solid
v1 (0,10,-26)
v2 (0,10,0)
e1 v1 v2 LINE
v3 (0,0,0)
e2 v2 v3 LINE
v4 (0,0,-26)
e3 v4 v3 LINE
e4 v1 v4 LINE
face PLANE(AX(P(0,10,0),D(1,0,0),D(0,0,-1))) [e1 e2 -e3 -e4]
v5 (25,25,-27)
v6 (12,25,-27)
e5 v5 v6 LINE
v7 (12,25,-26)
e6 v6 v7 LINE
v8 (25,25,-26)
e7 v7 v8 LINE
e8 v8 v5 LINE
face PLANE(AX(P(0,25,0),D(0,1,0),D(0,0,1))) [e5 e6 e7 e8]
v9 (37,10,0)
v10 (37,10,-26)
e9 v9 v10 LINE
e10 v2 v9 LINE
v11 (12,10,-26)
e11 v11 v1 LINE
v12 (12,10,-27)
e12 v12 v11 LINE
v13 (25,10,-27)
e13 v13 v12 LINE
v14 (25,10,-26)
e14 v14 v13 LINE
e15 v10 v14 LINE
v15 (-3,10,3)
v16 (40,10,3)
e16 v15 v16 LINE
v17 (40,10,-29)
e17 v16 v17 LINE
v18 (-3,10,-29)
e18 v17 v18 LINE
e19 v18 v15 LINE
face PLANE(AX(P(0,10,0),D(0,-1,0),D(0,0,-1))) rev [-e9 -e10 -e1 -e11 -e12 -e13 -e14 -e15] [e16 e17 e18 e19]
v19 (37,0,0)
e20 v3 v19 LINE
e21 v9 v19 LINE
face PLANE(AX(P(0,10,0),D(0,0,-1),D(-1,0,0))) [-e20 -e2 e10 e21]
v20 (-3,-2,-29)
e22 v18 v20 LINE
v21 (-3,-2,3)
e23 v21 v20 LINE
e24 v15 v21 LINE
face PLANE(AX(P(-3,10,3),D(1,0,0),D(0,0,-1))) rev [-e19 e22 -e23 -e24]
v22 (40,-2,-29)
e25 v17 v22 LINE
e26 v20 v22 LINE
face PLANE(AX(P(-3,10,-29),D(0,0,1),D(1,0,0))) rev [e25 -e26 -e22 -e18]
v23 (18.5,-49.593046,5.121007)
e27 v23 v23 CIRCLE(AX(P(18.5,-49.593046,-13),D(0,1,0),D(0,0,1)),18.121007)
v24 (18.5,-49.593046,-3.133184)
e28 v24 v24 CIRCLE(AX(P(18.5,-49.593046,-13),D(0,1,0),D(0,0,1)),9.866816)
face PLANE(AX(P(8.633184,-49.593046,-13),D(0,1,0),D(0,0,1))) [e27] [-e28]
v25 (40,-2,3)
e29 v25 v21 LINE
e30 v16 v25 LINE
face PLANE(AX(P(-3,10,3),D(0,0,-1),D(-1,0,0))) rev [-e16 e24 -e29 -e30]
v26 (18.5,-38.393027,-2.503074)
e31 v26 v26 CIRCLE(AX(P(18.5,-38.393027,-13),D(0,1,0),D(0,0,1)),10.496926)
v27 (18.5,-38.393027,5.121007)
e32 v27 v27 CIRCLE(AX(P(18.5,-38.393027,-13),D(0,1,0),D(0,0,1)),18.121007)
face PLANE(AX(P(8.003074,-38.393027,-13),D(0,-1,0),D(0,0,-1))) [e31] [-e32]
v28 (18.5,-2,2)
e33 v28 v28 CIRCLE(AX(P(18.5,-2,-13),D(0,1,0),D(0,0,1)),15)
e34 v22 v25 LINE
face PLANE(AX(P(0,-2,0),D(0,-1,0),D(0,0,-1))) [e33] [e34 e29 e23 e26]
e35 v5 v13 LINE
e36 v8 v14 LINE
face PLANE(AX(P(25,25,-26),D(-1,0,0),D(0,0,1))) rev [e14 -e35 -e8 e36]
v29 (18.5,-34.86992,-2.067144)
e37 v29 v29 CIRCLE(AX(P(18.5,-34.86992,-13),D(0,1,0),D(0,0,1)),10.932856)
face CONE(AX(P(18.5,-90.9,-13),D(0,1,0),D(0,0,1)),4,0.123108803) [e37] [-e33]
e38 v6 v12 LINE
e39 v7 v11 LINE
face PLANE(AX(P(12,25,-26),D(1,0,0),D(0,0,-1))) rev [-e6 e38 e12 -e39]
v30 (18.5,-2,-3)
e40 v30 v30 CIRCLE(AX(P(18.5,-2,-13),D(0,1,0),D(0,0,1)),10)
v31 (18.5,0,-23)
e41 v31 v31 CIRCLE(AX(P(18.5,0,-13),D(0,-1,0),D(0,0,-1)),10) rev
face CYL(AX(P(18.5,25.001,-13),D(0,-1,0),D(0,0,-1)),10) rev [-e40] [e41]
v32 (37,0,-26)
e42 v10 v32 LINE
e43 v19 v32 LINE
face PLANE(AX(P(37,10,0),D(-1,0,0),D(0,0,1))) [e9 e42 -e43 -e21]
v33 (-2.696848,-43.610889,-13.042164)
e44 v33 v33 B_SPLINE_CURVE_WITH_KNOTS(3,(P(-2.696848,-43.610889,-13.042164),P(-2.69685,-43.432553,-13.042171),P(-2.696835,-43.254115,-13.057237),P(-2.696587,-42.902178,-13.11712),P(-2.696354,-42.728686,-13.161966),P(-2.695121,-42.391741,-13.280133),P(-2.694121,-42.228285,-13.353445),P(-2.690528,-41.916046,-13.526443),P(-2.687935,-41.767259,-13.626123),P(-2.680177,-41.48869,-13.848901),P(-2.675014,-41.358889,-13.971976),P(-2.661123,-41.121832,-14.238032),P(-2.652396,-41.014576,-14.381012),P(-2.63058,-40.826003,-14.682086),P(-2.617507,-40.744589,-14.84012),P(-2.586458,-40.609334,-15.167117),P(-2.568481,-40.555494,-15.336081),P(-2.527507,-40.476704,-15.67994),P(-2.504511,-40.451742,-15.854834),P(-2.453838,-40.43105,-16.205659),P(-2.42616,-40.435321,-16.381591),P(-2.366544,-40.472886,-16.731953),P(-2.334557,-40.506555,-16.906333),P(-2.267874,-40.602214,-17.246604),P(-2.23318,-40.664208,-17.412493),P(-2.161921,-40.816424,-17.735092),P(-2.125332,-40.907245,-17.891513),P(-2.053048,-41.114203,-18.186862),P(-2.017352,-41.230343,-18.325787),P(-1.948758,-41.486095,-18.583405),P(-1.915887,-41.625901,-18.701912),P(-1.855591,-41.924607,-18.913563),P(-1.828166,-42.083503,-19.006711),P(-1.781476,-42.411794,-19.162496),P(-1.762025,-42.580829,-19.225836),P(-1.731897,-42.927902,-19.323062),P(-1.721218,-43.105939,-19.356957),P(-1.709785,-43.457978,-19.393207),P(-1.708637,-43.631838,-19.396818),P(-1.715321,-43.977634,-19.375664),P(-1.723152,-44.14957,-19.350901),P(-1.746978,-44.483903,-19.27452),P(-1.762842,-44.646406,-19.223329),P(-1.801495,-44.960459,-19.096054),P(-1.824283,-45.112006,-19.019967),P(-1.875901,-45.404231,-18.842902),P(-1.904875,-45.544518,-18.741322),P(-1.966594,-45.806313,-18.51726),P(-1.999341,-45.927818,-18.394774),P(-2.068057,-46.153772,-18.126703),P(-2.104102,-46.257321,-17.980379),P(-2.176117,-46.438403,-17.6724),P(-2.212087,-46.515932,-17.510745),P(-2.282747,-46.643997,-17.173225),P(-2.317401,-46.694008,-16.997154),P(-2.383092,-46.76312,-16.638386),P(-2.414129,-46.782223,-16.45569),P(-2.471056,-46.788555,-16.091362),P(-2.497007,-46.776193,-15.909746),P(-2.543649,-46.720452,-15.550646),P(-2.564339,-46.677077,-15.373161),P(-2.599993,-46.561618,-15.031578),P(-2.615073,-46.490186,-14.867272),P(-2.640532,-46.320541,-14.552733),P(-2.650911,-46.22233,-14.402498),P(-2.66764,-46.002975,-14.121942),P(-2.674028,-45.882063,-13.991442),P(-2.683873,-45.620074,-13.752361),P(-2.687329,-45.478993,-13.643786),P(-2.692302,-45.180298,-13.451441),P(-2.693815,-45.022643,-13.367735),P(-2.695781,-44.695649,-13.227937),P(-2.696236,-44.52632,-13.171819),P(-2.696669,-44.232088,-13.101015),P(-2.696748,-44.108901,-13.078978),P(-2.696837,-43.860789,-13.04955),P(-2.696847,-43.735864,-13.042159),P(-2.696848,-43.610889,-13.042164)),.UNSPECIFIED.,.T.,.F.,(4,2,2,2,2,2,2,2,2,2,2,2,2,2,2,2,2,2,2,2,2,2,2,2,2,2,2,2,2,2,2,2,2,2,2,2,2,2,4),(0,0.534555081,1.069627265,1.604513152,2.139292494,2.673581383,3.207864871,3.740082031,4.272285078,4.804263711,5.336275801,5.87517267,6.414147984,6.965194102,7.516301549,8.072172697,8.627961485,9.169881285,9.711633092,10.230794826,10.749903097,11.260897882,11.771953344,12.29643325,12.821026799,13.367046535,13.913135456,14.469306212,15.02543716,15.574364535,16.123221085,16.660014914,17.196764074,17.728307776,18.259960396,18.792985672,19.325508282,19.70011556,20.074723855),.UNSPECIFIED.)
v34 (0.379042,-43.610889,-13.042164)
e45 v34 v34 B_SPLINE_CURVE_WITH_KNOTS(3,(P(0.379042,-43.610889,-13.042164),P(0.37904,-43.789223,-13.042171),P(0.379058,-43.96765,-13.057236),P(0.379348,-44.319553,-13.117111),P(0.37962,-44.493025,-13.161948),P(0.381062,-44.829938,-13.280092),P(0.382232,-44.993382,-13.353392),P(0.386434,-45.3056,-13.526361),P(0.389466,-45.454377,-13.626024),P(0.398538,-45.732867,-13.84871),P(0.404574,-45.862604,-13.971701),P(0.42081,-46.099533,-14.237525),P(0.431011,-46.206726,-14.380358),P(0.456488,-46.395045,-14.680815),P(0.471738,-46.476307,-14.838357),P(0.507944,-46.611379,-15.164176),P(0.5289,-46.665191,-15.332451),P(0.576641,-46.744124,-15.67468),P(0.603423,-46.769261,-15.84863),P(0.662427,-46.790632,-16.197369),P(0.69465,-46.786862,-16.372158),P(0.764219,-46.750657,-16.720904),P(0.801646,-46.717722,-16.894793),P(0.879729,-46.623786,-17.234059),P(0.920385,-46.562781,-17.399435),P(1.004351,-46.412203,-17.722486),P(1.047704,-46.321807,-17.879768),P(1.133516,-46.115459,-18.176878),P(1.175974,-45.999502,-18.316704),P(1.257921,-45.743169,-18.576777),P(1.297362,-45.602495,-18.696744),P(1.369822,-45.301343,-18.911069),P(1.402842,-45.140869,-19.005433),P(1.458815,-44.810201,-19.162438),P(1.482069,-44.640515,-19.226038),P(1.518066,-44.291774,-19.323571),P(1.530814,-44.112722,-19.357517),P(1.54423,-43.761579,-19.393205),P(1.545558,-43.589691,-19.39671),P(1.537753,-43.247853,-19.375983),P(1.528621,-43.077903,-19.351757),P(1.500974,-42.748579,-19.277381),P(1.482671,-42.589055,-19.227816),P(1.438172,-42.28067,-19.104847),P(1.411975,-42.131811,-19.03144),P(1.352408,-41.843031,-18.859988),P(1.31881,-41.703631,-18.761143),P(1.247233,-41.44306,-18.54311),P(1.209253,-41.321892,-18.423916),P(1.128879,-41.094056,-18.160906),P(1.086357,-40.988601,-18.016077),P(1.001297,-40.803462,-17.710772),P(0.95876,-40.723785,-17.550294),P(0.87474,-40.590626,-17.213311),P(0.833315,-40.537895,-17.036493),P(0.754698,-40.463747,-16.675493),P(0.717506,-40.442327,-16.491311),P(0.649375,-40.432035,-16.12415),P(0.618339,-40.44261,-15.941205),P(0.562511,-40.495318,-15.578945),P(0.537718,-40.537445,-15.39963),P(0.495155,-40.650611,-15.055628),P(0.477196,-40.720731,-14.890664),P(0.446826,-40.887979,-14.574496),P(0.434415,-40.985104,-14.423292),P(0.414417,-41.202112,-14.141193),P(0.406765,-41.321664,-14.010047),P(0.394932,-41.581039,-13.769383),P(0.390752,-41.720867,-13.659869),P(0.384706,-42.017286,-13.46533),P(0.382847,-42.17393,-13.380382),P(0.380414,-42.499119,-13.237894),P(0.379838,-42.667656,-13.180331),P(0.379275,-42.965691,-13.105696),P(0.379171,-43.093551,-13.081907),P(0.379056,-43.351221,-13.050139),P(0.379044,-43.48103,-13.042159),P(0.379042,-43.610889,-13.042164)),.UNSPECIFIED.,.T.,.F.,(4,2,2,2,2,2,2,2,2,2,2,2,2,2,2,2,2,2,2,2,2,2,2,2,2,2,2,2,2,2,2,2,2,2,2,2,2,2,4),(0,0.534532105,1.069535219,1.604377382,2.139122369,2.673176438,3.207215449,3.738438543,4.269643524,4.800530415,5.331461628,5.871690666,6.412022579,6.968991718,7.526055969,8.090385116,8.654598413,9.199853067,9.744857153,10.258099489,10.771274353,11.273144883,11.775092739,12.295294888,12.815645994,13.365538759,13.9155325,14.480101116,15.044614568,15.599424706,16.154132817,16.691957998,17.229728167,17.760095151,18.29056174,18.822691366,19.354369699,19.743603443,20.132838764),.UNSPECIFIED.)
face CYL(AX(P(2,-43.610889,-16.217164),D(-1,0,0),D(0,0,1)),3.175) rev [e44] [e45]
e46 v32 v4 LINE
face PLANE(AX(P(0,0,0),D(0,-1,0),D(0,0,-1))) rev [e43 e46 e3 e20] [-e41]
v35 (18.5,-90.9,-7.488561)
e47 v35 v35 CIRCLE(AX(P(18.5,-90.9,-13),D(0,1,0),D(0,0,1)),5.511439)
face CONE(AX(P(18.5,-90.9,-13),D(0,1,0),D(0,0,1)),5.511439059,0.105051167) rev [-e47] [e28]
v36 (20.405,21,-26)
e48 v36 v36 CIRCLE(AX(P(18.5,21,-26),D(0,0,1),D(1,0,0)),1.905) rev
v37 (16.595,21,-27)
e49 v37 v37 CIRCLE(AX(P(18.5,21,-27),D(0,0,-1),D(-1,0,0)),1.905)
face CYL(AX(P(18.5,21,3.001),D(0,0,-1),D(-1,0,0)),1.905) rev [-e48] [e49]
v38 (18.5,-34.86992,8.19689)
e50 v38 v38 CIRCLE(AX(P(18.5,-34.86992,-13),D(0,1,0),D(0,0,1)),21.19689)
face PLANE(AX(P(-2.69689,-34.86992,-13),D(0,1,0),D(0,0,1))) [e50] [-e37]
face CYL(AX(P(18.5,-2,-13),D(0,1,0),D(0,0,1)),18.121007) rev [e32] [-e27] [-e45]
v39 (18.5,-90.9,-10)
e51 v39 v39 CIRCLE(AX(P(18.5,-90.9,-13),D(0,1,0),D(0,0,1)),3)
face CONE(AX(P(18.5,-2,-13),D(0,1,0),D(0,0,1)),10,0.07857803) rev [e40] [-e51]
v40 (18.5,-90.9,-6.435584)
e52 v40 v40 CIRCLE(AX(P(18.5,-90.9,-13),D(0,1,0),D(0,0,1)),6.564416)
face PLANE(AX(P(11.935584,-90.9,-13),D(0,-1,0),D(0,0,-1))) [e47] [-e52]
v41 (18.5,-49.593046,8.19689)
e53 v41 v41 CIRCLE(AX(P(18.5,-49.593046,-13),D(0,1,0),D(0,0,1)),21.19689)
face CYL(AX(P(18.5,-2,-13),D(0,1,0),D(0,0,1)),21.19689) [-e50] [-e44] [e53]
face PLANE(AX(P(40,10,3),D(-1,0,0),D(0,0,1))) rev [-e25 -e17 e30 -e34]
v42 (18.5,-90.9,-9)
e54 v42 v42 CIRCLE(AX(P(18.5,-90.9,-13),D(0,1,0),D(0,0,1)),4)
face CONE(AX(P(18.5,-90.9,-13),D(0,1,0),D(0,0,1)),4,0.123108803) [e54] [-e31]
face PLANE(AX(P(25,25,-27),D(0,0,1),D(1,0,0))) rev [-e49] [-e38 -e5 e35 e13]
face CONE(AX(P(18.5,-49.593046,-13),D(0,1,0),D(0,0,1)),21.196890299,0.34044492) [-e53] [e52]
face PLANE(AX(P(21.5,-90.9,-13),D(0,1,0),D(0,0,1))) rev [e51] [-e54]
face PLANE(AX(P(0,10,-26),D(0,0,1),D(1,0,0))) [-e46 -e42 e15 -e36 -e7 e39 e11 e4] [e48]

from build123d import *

# Parameters (mm, degrees)
SKETCH1_W           = 43
SKETCH1_H           = 32
SKETCH1_W_2         = 37
SKETCH1_H_2         = 26
BOSS_EXTRUDE1_DEPTH = 10
SKETCH2_W           = 13
SKETCH2_H           = 1
BOSS_EXTRUDE2_DEPTH = 15
CUT_EXTRUDE1_REACH  = 32
SKETCH3_R           = 1.905
SKETCH4_W           = 43
SKETCH4_H           = 32
BOSS_EXTRUDE3_DEPTH = 2
CUT_EXTRUDE2_REACH  = 29
SKETCH5_R           = 10
CUT_EXTRUDE3_START  = 10
SKETCH11_R          = 3.175
CUT_EXTRUDE3_DEPTH  = 15


with BuildPart() as part:
    # Sketch1 → Boss-Extrude1 (new body)
    with BuildSketch(Plane(origin=(0, 0, 0), x_dir=(1, 0, 0), z_dir=(0, 1, 0))):
        with Locations((18.5, 13)):
            Rectangle(SKETCH1_W, SKETCH1_H)
        with Locations((18.5, 13)):
            Rectangle(SKETCH1_W_2, SKETCH1_H_2, mode=Mode.SUBTRACT)
    extrude(amount=BOSS_EXTRUDE1_DEPTH)

    # Sketch2 → Boss-Extrude2 (add)
    with BuildSketch(Plane(origin=(0, 10, 0), x_dir=(1, 0, 0), z_dir=(0, 1, 0))):
        with Locations((18.5, 26.5)):
            Rectangle(SKETCH2_W, SKETCH2_H)
    extrude(amount=BOSS_EXTRUDE2_DEPTH)

    # Sketch3 → Cut-Extrude1 (cut, up to next)
    with BuildSketch(Plane(origin=(0, 0, -27), x_dir=(-1, 0, 0), z_dir=(0, 0, -1)), mode=Mode.PRIVATE) as cut_extrude1_sk1:
        with Locations((-18.5, 21)):
            Circle(SKETCH3_R)
    cut_extrude1_tool1 = extrude(cut_extrude1_sk1.sketch, amount=-CUT_EXTRUDE1_REACH, mode=Mode.PRIVATE) & part.part
    add(cut_extrude1_tool1.solids().sort_by_distance((18.5, 21, -27))[0], mode=Mode.SUBTRACT)

    # Sketch4 → Boss-Extrude3 (add)
    with BuildSketch(Plane.XZ):
        with Locations((18.5, -13)):
            Rectangle(SKETCH4_W, SKETCH4_H)
    extrude(amount=BOSS_EXTRUDE3_DEPTH)

    # Sketch5 → Cut-Extrude2 (cut, up to next)
    with BuildSketch(Plane.XZ.offset(2), mode=Mode.PRIVATE) as cut_extrude2_sk1:
        with Locations((18.5, -13)):
            Circle(SKETCH5_R)
    cut_extrude2_tool1 = extrude(cut_extrude2_sk1.sketch, amount=-CUT_EXTRUDE2_REACH, mode=Mode.PRIVATE) & part.part
    add(cut_extrude2_tool1.solids().sort_by_distance((18.5, -2, -13))[0], mode=Mode.SUBTRACT)

    # Sketch9 → Revolve1 (revolve)
    with BuildSketch(Plane.XY.offset(-13)):
        Polygon((28.5, -2), (21.5, -90.9), (22.5, -90.9), (33.5, -2), align=None)
    revolve(axis=Axis((18.5, -2, -13), (0, -1, 0)))

    # Sketch10 → Revolve2 (revolve)
    with BuildSketch(Plane.XY.offset(-13)):
        Polygon((12.988560941, -90.9), (8.633183769, -49.593045745), (0.378993359, -49.593045745), (0.378993359, -38.393027141), (8.003074224, -38.393027141), (7.567144174, -34.86991973), (-2.696890299, -34.86991973), (-2.696890299, -49.593045745), (11.935583953, -90.9), align=None)
    revolve(axis=Axis((18.5, -2, -13), (0, -1, 0)))

    # Sketch11 → Cut-Extrude3 (cut)
    with BuildSketch(Plane.ZY.offset(3).offset(CUT_EXTRUDE3_START)):
        with Locations((-16.217164304, -43.610889084)):
            Circle(SKETCH11_R)
    extrude(amount=-CUT_EXTRUDE3_DEPTH, mode=Mode.SUBTRACT)


solid = part.part
